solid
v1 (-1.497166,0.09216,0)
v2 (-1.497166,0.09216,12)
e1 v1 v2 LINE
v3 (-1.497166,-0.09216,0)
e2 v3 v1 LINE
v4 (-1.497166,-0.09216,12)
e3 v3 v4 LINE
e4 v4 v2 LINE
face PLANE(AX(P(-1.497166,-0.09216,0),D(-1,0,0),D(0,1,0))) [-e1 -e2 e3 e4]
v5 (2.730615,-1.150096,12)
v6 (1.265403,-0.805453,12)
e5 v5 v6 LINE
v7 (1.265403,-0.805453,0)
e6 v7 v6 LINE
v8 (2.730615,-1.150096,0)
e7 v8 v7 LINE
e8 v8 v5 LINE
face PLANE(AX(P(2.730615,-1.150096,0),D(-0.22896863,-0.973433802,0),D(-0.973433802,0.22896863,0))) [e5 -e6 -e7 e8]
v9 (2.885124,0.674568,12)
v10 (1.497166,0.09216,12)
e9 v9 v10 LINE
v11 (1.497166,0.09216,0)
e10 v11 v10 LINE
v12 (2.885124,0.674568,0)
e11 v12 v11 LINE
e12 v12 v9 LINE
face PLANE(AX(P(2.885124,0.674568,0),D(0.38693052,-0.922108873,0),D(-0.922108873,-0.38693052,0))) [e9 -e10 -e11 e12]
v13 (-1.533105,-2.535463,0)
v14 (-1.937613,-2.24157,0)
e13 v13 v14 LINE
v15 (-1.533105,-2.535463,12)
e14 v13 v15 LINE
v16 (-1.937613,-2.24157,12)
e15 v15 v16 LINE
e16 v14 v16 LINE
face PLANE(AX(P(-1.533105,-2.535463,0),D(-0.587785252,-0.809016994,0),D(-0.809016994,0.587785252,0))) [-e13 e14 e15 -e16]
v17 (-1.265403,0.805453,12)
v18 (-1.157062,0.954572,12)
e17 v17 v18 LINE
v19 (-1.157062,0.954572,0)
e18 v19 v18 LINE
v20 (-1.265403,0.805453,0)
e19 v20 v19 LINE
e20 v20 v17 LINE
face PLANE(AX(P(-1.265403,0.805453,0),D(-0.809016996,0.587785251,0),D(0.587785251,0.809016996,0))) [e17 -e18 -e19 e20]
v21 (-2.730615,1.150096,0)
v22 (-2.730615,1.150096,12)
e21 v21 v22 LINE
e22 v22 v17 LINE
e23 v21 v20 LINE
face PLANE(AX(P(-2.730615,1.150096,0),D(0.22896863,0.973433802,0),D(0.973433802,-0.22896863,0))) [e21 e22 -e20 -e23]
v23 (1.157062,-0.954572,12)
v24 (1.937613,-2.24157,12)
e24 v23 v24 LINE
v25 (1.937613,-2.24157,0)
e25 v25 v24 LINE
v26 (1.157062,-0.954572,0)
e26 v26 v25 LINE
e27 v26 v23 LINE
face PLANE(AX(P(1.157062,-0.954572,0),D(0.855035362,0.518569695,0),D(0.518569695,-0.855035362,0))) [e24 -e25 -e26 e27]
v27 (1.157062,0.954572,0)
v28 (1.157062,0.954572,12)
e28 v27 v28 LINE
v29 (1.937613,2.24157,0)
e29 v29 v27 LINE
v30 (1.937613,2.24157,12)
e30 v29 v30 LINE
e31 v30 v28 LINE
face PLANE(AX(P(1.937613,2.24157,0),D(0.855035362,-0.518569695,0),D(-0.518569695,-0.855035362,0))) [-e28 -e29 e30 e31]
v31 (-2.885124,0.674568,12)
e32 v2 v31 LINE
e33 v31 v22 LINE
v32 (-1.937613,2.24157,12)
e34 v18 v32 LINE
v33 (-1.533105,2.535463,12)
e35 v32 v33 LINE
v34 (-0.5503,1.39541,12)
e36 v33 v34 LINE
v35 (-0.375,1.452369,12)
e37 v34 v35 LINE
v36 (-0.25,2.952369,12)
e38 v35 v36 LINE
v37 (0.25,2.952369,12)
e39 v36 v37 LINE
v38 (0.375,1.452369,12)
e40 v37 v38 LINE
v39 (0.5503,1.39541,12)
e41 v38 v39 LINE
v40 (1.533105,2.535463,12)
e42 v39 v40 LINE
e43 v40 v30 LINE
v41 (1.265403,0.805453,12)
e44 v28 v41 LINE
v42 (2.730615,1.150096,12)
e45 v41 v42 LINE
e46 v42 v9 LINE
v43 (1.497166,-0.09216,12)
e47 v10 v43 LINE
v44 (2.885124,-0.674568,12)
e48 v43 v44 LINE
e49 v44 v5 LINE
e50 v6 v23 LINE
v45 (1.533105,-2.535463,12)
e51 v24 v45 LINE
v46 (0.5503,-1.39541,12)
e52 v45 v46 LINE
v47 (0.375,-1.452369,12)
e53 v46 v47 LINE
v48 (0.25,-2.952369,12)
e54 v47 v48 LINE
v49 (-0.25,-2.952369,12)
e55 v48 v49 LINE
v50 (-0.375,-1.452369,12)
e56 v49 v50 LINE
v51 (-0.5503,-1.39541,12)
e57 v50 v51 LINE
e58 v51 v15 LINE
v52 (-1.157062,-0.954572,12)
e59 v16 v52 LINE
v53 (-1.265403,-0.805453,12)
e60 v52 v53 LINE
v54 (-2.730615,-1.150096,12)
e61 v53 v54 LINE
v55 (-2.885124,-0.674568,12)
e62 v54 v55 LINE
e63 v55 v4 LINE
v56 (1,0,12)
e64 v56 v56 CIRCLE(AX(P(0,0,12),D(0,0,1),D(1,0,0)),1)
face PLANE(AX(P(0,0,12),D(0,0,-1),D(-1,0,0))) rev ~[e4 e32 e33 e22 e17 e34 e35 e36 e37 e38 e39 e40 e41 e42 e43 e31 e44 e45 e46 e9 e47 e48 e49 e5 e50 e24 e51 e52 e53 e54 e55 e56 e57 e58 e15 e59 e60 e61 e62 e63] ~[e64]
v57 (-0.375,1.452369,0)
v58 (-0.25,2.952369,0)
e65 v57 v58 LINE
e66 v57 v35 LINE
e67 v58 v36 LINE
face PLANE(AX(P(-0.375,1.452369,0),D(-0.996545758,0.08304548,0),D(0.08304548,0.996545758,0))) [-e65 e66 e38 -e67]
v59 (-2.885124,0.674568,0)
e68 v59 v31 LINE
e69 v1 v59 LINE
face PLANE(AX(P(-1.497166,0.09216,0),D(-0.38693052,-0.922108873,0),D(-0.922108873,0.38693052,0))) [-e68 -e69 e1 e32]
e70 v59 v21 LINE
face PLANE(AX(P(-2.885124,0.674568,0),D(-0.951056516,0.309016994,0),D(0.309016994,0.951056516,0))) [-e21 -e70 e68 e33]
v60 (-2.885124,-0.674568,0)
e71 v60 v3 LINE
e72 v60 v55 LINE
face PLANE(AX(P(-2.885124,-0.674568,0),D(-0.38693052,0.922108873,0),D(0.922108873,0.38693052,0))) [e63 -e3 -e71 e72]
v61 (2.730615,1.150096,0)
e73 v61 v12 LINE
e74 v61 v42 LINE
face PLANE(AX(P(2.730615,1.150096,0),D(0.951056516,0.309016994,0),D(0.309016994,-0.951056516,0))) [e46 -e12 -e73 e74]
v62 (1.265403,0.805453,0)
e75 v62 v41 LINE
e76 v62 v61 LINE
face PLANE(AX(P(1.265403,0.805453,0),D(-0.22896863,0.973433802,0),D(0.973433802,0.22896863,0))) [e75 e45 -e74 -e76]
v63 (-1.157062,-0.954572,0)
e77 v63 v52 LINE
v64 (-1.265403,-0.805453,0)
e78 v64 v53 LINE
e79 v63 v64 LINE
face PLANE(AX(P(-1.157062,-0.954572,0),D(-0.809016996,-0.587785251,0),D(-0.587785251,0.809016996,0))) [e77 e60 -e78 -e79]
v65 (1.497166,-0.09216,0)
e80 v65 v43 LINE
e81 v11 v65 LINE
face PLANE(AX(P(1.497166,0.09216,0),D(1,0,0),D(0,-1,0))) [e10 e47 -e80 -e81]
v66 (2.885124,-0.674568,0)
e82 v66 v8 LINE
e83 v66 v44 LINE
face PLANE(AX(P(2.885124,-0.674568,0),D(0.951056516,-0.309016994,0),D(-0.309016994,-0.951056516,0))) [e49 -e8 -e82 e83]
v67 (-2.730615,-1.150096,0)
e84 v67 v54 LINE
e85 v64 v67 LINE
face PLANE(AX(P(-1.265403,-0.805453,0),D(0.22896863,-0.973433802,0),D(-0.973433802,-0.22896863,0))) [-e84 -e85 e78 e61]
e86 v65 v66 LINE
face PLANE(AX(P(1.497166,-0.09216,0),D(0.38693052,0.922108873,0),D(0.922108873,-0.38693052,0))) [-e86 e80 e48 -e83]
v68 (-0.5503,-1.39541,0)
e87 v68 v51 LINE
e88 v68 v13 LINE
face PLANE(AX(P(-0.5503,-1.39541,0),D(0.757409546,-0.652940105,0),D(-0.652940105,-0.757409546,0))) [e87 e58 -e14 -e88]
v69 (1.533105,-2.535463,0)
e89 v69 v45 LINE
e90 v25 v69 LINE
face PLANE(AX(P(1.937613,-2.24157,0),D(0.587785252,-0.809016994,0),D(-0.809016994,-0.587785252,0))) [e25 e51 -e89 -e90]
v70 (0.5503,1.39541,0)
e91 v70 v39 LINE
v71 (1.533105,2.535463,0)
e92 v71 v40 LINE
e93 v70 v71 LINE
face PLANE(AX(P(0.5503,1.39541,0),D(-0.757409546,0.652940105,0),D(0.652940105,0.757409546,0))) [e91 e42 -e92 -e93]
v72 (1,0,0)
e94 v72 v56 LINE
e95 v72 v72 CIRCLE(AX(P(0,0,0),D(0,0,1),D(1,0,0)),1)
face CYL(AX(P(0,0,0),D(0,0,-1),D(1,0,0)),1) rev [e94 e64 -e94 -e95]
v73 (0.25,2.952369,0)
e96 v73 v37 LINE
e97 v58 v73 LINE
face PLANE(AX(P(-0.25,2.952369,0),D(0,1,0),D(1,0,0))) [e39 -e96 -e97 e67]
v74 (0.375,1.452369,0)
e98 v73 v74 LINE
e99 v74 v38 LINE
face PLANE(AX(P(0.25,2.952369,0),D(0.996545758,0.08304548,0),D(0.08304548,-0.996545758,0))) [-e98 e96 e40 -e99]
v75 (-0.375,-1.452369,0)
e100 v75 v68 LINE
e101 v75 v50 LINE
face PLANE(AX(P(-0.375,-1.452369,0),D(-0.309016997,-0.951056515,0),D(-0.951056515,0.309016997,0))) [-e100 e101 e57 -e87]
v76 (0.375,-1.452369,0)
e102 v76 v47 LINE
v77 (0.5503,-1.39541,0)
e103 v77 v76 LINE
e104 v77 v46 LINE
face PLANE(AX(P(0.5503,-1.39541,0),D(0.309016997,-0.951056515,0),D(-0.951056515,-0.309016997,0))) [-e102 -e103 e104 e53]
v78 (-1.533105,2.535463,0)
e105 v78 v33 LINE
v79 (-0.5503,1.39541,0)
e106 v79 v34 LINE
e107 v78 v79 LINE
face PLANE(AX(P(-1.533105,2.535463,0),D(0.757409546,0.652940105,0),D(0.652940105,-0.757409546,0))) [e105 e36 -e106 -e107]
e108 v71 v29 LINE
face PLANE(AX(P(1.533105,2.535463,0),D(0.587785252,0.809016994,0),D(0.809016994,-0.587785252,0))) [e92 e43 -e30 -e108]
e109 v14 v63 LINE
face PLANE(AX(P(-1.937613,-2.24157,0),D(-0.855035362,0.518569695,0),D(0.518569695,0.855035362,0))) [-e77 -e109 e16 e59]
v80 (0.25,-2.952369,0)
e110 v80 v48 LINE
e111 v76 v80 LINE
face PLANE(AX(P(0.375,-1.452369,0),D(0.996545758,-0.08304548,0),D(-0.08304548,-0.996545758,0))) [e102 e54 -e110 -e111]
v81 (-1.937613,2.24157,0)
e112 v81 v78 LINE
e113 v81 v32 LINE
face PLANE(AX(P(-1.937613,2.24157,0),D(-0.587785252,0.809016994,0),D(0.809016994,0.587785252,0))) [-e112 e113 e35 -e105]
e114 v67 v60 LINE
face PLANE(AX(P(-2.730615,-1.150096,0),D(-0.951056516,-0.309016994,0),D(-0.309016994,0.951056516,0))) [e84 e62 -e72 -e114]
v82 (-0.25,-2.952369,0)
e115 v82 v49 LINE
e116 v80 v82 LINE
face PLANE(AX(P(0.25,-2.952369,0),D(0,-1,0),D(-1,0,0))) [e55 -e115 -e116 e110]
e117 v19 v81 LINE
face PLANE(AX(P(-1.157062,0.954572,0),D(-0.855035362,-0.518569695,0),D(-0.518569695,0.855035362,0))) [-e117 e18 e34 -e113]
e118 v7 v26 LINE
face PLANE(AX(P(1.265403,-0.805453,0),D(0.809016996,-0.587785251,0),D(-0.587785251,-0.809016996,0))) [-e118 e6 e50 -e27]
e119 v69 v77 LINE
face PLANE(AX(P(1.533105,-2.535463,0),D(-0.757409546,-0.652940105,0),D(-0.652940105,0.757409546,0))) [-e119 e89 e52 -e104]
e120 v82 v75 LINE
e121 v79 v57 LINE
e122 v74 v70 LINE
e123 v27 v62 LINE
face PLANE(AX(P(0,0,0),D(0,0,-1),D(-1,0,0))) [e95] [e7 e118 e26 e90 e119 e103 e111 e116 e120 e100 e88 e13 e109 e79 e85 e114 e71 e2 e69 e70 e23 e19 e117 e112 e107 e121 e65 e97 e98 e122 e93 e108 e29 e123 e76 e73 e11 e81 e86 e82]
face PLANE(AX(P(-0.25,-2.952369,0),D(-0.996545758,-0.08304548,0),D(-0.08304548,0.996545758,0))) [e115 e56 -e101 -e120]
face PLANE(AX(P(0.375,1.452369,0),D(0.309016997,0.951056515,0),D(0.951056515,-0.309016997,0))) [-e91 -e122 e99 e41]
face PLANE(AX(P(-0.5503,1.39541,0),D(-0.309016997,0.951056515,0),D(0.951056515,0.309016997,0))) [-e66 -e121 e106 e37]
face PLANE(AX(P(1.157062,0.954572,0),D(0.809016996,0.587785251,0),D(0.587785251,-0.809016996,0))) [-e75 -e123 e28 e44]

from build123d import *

# Parameters (mm, degrees)
SKETCH2_R           = 1
BOSS_EXTRUDE1_DEPTH = 12


with BuildPart() as part:
    # Sketch2 → Boss-Extrude1 (new body)
    with BuildSketch(Plane.XY):
        Polygon((-0.25, 2.952368755), (0.25, 2.952368755), (0.375, 1.452368755), (0.550299562, 1.395410474), (1.533104565, 2.535462809), (1.937613062, 2.241570183), (1.157062308, 0.954571535), (1.265403395, 0.805452821), (2.730615294, 1.150096248), (2.885123791, 0.67456799), (1.497166141, 0.092160434), (1.497166141, -0.092160434), (2.885123791, -0.67456799), (2.730615294, -1.150096248), (1.265403395, -0.805452821), (1.157062308, -0.954571535), (1.937613062, -2.241570183), (1.533104565, -2.535462809), (0.550299562, -1.395410474), (0.375, -1.452368755), (0.25, -2.952368755), (-0.25, -2.952368755), (-0.375, -1.452368755), (-0.550299562, -1.395410474), (-1.533104565, -2.535462809), (-1.937613062, -2.241570183), (-1.157062308, -0.954571535), (-1.265403395, -0.805452821), (-2.730615294, -1.150096248), (-2.885123791, -0.67456799), (-1.497166141, -0.092160434), (-1.497166141, 0.092160434), (-2.885123791, 0.67456799), (-2.730615294, 1.150096248), (-1.265403395, 0.805452821), (-1.157062308, 0.954571535), (-1.937613062, 2.241570183), (-1.533104565, 2.535462809), (-0.550299562, 1.395410474), (-0.375, 1.452368755), align=None)
        Circle(SKETCH2_R, mode=Mode.SUBTRACT)
    extrude(amount=BOSS_EXTRUDE1_DEPTH)


solid = part.part
